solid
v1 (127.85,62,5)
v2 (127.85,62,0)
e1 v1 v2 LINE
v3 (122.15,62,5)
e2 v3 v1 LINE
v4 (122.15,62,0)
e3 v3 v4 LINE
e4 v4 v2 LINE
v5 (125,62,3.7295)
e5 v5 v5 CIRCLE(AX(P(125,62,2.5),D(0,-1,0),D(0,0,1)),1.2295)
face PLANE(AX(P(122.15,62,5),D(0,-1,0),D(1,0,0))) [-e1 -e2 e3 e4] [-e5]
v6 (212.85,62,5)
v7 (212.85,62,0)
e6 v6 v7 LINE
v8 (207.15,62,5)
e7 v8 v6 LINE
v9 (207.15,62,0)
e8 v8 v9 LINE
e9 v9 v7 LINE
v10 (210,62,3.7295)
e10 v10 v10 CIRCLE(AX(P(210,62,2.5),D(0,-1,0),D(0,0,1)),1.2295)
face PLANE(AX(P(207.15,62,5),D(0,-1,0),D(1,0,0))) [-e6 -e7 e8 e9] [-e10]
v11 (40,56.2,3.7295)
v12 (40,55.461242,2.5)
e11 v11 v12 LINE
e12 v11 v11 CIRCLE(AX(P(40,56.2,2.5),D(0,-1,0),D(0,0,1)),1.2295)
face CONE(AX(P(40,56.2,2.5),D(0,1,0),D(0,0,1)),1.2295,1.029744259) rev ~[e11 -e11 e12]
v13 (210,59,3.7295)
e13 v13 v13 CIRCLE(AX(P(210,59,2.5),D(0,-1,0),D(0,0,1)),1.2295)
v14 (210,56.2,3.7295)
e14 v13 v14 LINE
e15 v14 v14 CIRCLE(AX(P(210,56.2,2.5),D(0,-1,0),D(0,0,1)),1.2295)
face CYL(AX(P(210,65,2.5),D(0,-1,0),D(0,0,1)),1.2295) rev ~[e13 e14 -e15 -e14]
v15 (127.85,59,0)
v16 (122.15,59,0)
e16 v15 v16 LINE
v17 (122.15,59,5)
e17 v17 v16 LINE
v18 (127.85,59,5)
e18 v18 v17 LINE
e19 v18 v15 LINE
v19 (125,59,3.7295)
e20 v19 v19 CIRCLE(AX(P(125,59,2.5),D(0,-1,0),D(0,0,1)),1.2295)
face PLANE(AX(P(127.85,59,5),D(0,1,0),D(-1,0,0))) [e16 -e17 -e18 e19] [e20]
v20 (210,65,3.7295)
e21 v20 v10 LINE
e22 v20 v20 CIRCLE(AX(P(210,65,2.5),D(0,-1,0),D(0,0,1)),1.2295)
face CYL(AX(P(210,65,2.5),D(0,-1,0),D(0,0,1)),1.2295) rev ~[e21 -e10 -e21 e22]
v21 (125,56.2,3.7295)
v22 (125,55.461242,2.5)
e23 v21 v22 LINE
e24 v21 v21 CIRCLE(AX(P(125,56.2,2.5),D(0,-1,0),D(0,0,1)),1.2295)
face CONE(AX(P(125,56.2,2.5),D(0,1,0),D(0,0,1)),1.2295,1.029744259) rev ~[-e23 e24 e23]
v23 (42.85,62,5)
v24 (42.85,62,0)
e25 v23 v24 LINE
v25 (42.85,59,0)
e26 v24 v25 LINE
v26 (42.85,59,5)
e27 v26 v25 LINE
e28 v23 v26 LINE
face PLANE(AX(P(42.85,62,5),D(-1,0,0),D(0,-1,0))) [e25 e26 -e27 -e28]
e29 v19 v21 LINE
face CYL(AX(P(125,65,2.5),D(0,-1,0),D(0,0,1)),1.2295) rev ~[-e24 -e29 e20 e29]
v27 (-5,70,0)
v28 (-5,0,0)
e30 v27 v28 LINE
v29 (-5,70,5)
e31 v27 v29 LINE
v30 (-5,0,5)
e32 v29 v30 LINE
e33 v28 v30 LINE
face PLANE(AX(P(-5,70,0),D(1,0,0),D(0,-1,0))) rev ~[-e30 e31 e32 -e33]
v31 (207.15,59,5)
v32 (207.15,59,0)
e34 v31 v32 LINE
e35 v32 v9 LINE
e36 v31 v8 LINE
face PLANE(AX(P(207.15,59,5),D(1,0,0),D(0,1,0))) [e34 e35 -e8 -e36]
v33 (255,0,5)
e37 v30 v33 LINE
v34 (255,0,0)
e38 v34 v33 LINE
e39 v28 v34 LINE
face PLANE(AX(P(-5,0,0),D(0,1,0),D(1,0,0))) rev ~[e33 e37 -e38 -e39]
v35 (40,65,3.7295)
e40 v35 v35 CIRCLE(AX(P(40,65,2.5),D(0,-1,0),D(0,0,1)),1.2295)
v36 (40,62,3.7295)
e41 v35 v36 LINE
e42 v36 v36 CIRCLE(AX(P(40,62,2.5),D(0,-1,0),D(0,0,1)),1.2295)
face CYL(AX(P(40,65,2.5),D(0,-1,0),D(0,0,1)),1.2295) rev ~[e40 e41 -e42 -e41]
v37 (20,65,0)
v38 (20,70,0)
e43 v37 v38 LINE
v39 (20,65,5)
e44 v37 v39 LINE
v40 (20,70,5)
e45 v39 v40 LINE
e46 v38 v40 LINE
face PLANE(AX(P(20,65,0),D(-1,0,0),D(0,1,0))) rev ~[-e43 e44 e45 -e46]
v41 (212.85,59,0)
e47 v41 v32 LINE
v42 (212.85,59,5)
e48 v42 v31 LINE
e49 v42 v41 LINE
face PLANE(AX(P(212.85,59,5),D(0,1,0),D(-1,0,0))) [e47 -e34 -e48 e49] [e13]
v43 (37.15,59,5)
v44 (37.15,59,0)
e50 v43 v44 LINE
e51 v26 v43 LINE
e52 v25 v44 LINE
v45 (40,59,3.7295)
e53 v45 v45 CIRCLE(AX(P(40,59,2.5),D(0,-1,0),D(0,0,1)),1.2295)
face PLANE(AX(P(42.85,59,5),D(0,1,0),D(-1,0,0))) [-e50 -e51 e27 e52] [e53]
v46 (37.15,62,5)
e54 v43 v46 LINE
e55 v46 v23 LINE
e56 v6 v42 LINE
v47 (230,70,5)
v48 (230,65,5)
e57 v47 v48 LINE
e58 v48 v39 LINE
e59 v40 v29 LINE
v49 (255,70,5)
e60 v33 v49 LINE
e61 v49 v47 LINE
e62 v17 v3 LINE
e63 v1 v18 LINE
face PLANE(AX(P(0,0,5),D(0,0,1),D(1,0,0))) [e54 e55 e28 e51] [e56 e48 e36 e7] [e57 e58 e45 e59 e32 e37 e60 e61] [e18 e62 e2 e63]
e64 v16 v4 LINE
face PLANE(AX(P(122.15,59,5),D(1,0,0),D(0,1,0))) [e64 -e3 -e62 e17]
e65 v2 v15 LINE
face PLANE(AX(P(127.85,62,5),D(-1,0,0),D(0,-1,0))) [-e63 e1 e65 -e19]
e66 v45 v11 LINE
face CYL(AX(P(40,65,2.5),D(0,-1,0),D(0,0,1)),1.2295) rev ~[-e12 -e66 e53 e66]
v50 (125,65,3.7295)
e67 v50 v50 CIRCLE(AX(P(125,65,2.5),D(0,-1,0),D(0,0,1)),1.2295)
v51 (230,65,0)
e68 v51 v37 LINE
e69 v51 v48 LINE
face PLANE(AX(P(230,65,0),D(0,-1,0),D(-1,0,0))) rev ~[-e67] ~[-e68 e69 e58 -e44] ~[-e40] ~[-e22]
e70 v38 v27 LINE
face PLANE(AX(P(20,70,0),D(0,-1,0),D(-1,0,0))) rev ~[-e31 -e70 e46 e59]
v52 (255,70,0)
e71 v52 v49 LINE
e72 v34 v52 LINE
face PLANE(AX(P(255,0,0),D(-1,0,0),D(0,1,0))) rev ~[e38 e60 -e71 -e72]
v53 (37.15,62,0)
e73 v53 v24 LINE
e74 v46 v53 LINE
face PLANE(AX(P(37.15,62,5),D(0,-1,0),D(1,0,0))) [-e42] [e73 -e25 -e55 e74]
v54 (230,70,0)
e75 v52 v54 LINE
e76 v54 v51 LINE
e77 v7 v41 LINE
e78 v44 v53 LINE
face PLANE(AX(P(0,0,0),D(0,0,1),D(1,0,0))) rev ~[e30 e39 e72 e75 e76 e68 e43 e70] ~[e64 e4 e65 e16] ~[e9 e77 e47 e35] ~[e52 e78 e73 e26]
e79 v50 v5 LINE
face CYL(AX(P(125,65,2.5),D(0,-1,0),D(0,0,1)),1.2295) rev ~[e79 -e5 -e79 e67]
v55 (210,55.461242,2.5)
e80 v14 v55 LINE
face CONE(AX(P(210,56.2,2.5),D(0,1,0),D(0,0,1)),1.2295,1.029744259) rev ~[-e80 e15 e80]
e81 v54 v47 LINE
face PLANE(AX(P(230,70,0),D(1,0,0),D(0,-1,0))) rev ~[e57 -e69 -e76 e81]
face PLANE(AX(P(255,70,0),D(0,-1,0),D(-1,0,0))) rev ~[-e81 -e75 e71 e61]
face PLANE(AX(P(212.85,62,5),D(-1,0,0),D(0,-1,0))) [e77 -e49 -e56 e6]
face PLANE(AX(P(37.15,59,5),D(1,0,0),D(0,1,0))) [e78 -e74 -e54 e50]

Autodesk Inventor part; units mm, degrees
ref_plane "YZ Plane" through (0, 0, 0) normal (1, 0, 0) x (0, 1, 0)
ref_plane "XZ Plane" through (0, 0, 0) normal (0, 1, 0) x (-1, 0, 0)
ref_plane "XY Plane" through (0, 0, 0) normal (0, 0, 1) x (1, 0, 0)
ref_plane "Work Plane1" through (0, 0, 0) normal (0, 0, 1) x (1, 0, 0)
sketch "Sketch1" plane through (0, 0, 0) normal (0, 0, 1) x (1, 0, 0)
  line L0 (250, 0) -> (0, 0) construction
  line L1 (250, 0) -> (250, 20) construction
  line L2 (0, 20) -> (250, 20) construction
  line L3 (0, 0) -> (0, 20) construction
  line L4 (245, 20) -> (153.1686, 20) construction
  line L5 (245, 20) -> (245, 80) construction
  line L6 (153.1686, 80) -> (245, 80) construction
  line L7 (153.1686, 20) -> (153.1686, 80) construction
  line L8 (-5, 0) -> (255, 0)
  line L9 (255, 0) -> (255, 70)
  line L10 (255, 70) -> (230, 70)
  line L11 (230, 70) -> (230, 65)
  line L12 (230, 65) -> (20, 65)
  line L13 (20, 65) -> (20, 70)
  line L14 (20, 70) -> (-5, 70)
  line L15 (-5, 70) -> (-5, 0)
  dimension "d0" = 10
  dimension "d1" = 5
  dimension "d2" = 5
  dimension "d3" = 5
  dimension "d4" = 25
  dimension "d5" = 25
extrude "Extrusion1" add sketch "Sketch1" along normal blind 5
hole "Hole1" [suppressed]
hole "Hole2" [suppressed]
sketch "Sketch2" plane through (0, 0, 0) normal (0, 0, -1) x (-1, 0, 0)
  line L0 (0, 0) -> (-250, 0) construction
  line L1 (0, 0) -> (0, 20) construction
  line L2 (-250, 20) -> (0, 20) construction
  line L3 (-250, 0) -> (-250, 20) construction
  line L4 (5, 0) -> (-255, 0) construction
  line L5 (5, 70) -> (5, 0) construction
  line L6 (-20, 70) -> (5, 70) construction
  line L7 (-20, 65) -> (-20, 70) construction
  line L8 (-230, 65) -> (-20, 65) construction
  line L9 (-230, 70) -> (-230, 65) construction
  line L10 (-255, 70) -> (-230, 70) construction
  line L11 (-255, 0) -> (-255, 70) construction
  line L12 (-125, 20) -> (-125, 0) construction
  line L13 (-250, 10) -> (0, 10) construction
  point P0 (-125, 10)
  point P1 (-230, 10)
  point P2 (-20, 10)
  dimension "d30" = 20
  dimension "d31" = 20
hole "Hole3" [suppressed]
sketch "Sketch3" plane through (20, 65, 0) normal (0, 1, 0) x (1, 0, 0)
  line L0 (210, 0) -> (0, 0) construction
  line L1 (0, 0) -> (0, -5) construction
  line L2 (210, -5) -> (0, -5) construction
  line L3 (210, 0) -> (210, -5) construction
  line L4 (210, 0) -> (210, -5) construction
  line L5 (0, 0) -> (0, -5) construction
  line L6 (0, -2.5) -> (210, -2.5) construction
  line L7 (-25, -5) -> (235, -5) construction
  line L8 (105, -5) -> (105, 0) construction
  line L9 (-25, 0) -> (235, 0) construction
  point P0 (-20, 0)
  point P1 (105, -2.5)
  point P2 (20, -2.5)
  point P3 (190, -2.5)
  dimension "d39" = 20
  dimension "d40" = 20
hole "Hole4" at (125, 65, 2.5) at (40, 65, 2.5) at (210, 65, 2.5) direction (0, -1, 0) diameter 2.459 depth 8.8 tip angle 118 thread size "M3x0.5" class "6H" standard "ISO Metric profile"
sketch "Sketch4" plane through (0, 0, 5) normal (0, 0, 1) x (1, 0, 0)
  line L0 (41.2295, 56.2) -> (41.2295, 65) construction
  line L1 (38.7705, 56.2) -> (38.7705, 65) construction
  line L2 (126.2295, 56.2) -> (126.2295, 65) construction
  line L3 (123.7705, 56.2) -> (123.7705, 65) construction
  line L4 (208.7705, 56.2) -> (208.7705, 65) construction
  line L5 (211.2295, 56.2) -> (211.2295, 65) construction
  line L6 (37.15, 62) -> (42.85, 62)
  line L7 (42.85, 62) -> (42.85, 59)
  line L8 (42.85, 59) -> (37.15, 59)
  line L9 (37.15, 59) -> (37.15, 62)
  line L10 (38.7705, 65) -> (41.2295, 65) construction
  line L11 (230, 65) -> (20, 65) construction
  line L12 (40, 65) -> (40, 60.5) construction
  line L13 (122.15, 62) -> (127.85, 62)
  line L14 (127.85, 62) -> (127.85, 59)
  line L15 (127.85, 59) -> (122.15, 59)
  line L16 (122.15, 59) -> (122.15, 62)
  line L17 (123.7705, 65) -> (126.2295, 65) construction
  line L18 (125, 65) -> (125, 61.2984) construction
  line L19 (212.85, 62) -> (212.85, 59)
  line L20 (210, 65) -> (210, 58.9) construction
  line L21 (208.7705, 65) -> (211.2295, 65) construction
  line L22 (207.15, 62) -> (212.85, 62)
  line L23 (212.85, 59) -> (207.15, 59)
  line L24 (207.15, 59) -> (207.15, 62)
  point P0 (0, 0)
  dimension "d48" = 3
  dimension "d50" = 5.7
  dimension "d51" = 3
  dimension "d52" = 3
  dimension "d53" = 5.7
  dimension "d54" = 3
  dimension "d55" = 3
  dimension "d56" = 5.7
  dimension "d57" = 3
extrude "Extrusion2" cut sketch "Sketch4" against normal through all
sketch "Sketch5" plane through (0, 0, 5) normal (0, 0, 1) x (1, 0, 0)
  arc A0 (63, 35) -> (55, 35) centre (59, 35) ccw projected
  line L0 (63, 35) -> (63, 0) projected
  line L1 (55, 0) -> (55, 35) projected
  line L2 (55, 0) -> (63, 0)
  line L3 (-5, 0) -> (255, 0) projected
  point P0 (0, 0)
extrude "Extrusion3" [suppressed]
equation "\"d1\" = ABS_tolerance + plate_thickness"
equation "\"d2\" = plate_thickness + basic_plate_offset"
equation "\"d3\" = plate_thickness + basic_plate_offset"
equation "\"d5\" = d4"
equation "\"d6\" = plate_thickness"
equation "\"d40\" = d39"
equation "\"d52\" = d48"
equation "\"d53\" = d50"
equation "\"d55\" = d58"
equation "\"d56\" = d59"
equation "\"plate_thickness\" = 5"
equation "\"ABS_tolerance\" = 0"
equation "\"laser_cutter_thickness\" = 0.1"
equation "\"basic_plate_offser\" = 0.5"
equation "\"basic_plate_offset\" = 0"
equation "\"d58\" = 3"
equation "\"d59\" = 5.7"
properties part number "sides-02"
